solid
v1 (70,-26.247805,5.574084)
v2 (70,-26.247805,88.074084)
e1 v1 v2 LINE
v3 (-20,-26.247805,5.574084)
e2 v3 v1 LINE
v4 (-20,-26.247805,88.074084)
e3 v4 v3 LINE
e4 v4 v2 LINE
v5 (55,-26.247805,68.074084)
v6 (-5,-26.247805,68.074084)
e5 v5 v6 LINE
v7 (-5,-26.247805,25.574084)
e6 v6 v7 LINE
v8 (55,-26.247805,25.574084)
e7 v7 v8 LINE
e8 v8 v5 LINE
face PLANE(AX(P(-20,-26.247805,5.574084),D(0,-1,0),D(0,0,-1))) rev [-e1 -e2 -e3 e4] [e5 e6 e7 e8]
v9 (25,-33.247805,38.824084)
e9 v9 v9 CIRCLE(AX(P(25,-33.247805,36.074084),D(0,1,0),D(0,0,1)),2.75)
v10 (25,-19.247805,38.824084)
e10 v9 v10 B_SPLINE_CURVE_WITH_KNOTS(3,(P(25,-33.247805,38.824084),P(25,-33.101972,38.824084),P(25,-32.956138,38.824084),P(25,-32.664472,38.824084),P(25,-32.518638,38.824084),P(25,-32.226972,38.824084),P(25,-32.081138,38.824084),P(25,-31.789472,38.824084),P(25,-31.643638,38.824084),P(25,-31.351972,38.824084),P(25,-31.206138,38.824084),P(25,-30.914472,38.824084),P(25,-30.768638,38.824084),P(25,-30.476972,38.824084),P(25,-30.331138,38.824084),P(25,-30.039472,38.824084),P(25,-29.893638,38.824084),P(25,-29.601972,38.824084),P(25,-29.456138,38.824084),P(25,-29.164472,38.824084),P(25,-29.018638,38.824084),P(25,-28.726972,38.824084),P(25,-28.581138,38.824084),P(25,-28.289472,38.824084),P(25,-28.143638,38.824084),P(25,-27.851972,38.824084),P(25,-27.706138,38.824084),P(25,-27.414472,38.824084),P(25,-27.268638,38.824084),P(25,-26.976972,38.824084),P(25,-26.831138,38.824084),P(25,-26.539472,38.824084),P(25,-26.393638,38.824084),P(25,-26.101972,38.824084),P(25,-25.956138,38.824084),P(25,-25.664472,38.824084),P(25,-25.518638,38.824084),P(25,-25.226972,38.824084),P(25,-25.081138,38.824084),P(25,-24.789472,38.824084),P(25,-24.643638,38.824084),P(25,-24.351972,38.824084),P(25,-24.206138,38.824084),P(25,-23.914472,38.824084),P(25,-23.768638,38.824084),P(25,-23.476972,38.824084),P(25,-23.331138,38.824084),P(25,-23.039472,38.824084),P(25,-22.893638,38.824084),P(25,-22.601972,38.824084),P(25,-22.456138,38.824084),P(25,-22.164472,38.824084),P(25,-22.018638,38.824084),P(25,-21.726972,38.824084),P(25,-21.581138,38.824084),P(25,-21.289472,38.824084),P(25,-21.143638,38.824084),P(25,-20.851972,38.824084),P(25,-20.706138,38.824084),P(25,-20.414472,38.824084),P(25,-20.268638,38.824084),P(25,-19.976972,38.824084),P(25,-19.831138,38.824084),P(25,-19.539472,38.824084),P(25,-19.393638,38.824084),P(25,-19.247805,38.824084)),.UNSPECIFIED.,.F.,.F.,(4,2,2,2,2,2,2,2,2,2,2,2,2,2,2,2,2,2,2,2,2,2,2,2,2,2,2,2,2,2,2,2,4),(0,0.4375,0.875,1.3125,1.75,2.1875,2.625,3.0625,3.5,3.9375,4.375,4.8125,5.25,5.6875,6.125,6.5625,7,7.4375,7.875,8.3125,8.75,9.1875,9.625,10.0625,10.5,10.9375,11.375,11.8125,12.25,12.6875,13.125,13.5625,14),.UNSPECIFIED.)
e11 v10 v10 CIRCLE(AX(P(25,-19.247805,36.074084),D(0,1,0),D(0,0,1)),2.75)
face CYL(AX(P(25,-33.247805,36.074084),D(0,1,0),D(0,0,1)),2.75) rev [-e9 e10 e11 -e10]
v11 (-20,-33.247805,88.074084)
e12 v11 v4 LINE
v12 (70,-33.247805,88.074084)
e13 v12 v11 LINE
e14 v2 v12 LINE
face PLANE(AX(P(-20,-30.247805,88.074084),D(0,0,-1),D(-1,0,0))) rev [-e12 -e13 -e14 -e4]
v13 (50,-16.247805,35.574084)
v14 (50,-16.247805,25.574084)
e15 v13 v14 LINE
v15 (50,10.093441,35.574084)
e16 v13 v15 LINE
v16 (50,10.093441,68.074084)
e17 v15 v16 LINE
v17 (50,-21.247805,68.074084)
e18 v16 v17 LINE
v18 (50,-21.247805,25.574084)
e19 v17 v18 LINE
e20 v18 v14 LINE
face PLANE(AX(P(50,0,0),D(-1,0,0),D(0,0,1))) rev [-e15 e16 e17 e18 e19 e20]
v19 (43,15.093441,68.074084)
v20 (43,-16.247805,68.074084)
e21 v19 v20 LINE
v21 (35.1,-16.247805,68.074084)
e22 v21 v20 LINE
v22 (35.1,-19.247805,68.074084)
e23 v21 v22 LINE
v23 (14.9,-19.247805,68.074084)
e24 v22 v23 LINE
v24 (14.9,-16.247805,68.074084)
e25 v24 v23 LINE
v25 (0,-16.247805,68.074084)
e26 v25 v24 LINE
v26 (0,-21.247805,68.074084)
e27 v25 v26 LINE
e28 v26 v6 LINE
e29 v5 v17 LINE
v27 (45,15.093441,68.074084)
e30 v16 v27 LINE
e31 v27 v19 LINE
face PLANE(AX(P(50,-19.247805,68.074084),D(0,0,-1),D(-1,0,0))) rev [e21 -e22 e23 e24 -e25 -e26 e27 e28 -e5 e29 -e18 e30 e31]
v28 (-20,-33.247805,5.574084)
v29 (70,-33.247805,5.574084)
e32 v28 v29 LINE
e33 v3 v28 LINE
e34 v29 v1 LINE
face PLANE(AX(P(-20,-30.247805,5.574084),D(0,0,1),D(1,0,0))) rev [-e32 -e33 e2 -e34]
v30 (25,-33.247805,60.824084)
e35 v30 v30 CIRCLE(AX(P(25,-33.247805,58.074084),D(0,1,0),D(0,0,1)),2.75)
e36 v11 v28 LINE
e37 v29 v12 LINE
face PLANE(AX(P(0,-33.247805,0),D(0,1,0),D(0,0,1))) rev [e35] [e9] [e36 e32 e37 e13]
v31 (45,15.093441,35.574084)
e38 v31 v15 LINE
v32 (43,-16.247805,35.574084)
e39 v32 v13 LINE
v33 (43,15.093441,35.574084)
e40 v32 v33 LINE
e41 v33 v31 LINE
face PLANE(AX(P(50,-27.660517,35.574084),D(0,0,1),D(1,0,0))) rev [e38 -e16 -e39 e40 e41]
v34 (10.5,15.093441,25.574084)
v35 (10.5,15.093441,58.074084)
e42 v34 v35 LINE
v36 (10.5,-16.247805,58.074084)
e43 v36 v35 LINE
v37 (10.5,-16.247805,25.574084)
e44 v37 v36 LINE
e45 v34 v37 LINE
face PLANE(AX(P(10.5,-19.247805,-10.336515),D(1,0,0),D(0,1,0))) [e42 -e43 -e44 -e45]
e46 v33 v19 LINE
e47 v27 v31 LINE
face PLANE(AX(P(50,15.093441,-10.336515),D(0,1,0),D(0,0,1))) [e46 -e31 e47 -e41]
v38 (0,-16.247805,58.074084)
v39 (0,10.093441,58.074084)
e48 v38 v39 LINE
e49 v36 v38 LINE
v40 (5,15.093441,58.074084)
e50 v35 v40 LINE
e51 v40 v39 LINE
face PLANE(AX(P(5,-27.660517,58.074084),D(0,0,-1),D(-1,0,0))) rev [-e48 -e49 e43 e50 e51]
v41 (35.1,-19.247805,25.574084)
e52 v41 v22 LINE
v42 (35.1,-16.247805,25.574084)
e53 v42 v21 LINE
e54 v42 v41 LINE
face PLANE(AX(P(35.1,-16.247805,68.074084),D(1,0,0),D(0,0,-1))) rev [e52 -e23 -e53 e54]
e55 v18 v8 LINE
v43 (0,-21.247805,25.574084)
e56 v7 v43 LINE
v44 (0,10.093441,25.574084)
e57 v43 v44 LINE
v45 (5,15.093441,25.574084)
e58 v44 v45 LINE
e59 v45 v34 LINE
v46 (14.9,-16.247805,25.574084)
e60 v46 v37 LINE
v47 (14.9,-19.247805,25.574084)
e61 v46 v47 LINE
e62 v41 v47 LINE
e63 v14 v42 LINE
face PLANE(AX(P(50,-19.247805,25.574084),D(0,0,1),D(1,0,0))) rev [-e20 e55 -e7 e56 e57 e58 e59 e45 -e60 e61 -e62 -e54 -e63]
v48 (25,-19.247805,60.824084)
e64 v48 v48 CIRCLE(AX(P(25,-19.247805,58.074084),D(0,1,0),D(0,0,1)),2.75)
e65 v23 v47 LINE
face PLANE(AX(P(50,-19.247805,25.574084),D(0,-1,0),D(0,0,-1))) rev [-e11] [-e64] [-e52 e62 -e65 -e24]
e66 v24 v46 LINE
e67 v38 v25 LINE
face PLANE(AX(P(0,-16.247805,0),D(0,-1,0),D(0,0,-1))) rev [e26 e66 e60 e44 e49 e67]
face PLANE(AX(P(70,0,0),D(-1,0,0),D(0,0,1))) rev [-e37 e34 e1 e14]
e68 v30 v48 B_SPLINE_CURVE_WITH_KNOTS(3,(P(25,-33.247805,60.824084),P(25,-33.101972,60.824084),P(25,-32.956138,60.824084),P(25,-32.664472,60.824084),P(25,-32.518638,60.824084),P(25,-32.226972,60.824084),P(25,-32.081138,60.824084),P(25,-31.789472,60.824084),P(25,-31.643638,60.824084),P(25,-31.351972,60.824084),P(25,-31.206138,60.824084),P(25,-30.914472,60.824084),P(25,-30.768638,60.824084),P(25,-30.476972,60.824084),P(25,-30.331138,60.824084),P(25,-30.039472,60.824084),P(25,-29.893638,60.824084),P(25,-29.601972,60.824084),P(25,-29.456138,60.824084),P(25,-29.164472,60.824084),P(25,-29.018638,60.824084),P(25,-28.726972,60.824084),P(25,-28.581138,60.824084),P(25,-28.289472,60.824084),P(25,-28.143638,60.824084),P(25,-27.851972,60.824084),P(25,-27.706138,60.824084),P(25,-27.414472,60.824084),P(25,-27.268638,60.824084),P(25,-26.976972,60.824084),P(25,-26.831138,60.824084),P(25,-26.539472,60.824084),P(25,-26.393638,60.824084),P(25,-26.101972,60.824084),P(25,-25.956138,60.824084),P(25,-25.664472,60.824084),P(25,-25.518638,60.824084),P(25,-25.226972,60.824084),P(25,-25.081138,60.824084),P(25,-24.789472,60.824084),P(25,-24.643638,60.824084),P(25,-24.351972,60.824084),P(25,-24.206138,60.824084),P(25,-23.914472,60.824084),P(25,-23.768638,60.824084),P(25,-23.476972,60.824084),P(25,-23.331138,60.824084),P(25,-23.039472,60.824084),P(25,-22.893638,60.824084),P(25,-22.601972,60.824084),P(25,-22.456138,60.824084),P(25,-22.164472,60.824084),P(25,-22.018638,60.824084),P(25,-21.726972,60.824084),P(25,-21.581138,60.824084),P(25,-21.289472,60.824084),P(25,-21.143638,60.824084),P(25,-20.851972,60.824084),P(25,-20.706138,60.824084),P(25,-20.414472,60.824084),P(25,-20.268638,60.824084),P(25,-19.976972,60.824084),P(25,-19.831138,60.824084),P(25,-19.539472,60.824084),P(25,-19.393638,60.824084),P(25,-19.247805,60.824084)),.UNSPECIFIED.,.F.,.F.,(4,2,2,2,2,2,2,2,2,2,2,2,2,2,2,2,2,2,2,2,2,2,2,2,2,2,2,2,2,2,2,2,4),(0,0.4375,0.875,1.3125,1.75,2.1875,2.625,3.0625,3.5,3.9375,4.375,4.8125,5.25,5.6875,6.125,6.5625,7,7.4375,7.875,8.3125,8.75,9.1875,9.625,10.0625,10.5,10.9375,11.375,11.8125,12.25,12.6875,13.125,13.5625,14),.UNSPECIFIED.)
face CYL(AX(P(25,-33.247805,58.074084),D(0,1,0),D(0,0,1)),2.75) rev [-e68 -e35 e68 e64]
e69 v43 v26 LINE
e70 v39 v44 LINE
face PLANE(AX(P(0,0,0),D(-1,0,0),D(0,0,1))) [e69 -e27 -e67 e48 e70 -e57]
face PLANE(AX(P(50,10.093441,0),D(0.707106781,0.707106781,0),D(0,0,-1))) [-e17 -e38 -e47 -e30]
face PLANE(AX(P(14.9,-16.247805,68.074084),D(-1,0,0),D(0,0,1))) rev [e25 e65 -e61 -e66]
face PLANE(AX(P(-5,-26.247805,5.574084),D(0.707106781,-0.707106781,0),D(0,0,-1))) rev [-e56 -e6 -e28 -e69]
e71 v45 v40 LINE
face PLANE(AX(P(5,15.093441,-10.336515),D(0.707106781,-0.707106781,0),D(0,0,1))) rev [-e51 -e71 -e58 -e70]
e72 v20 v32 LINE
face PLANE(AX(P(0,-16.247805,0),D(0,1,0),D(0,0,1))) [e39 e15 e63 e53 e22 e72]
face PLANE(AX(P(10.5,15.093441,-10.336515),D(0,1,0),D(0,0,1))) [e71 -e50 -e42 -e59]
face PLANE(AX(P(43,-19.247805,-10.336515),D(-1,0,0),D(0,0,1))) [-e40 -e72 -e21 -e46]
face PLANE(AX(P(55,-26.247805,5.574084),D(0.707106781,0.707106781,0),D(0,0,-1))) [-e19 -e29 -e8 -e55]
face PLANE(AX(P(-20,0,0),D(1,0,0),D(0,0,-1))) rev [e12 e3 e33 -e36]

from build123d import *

# Parameters (mm, degrees)
SKETCH1_W           = 42.5
SKETCH1_H           = 11
BOSS_EXTRUDE1_DEPTH = 50
SKETCH2_W           = 82.5
SKETCH2_H           = 4
BOSS_EXTRUDE2_DEPTH = 20
SKETCH3_W           = 82.5
SKETCH3_H           = 4
BOSS_EXTRUDE3_DEPTH = 70
SKETCH4_W           = 10.5
SKETCH4_H           = 34.341245972
SKETCH4_W_2         = 7
BOSS_EXTRUDE4_DEPTH = 42.5
CHAMFER1_SIZE       = 5
SKETCH5_W           = 90
SKETCH5_H           = 82.5
BOSS_EXTRUDE5_DEPTH = 3
SKETCH6_R           = 2.75
CUT_EXTRUDE1_DEPTH  = 118.628081347
SKETCH7_W           = 7.9
SKETCH7_H           = 42.5
SKETCH7_W_2         = 4.4
BOSS_EXTRUDE6_DEPTH = 3
CHAMFER2_SIZE       = 5
CUT_EXTRUDE2_REACH  = 124.45
SKETCH8_W           = 5.5
SKETCH8_H           = 10
SKETCH8_W_2         = 5
SKETCH9_W           = 2
SKETCH9_H           = 10
SKETCH9_W_2         = 5
CUT_EXTRUDE3_DEPTH  = 31.341245972


with BuildPart() as part:
    # Sketch1 → Boss-Extrude1 (new body)
    with BuildSketch(Plane(origin=(0, 0, 0), x_dir=(0, 0, -1), z_dir=(1, 0, 0))):
        with Locations((-46.82408442, -24.747804901)):
            Rectangle(SKETCH1_W, SKETCH1_H)
    extrude(amount=BOSS_EXTRUDE1_DEPTH)

    # Sketch2 → Boss-Extrude2 (add)
    with BuildSketch(Plane.ZY):
        with Locations((46.82408442, -28.247804901)):
            Rectangle(SKETCH2_W, SKETCH2_H)
    extrude(amount=BOSS_EXTRUDE2_DEPTH)

    # Sketch3 → Boss-Extrude3 (add)
    with BuildSketch(Plane(origin=(0, 0, 0), x_dir=(0, 0, -1), z_dir=(1, 0, 0))):
        with Locations((-46.82408442, -28.247804901)):
            Rectangle(SKETCH3_W, SKETCH3_H)
    extrude(amount=BOSS_EXTRUDE3_DEPTH)

    # Sketch4 → Boss-Extrude4 (add)
    with BuildSketch(Plane.XY.offset(68.07408442)):
        with Locations((5.25, -2.077181915)):
            Rectangle(SKETCH4_W, SKETCH4_H)
        with Locations((46.5, -2.077181915)):
            Rectangle(SKETCH4_W_2, SKETCH4_H)
    extrude(amount=-BOSS_EXTRUDE4_DEPTH)

    # Chamfer1
    chamfer1_edges = [part.edges().sort_by_distance(p)[0] for p in [
        (0, -26.247804901, 46.82408442),
        (50, -26.247804901, 46.82408442),
    ]]
    chamfer(chamfer1_edges, length=CHAMFER1_SIZE)

    # Sketch5 → Boss-Extrude5 (add)
    with BuildSketch(Plane.XZ.offset(30.247804901)):
        with Locations((25, 46.82408442)):
            Rectangle(SKETCH5_W, SKETCH5_H)
    extrude(amount=BOSS_EXTRUDE5_DEPTH)

    # Sketch6 → Cut-Extrude1 (cut, through all)
    with BuildSketch(Plane(origin=(0, -19.247804901, 0), x_dir=(1, 0, 0), z_dir=(0, 1, 0))):
        with Locations(Location((25, -36.07408442, 0), (0, 0, 270))):
            Circle(SKETCH6_R)
        with Locations(Location((25, -58.07408442, 0), (0, 0, 270))):
            Circle(SKETCH6_R)
    extrude(amount=-CUT_EXTRUDE1_DEPTH, mode=Mode.SUBTRACT)

    # Sketch7 → Boss-Extrude6 (add)
    with BuildSketch(Plane(origin=(0, -19.247804901, 0), x_dir=(1, 0, 0), z_dir=(0, 1, 0))):
        with Locations((39.05, -46.82408442)):
            Rectangle(SKETCH7_W, SKETCH7_H)
        with Locations((12.7, -46.82408442)):
            Rectangle(SKETCH7_W_2, SKETCH7_H)
    extrude(amount=BOSS_EXTRUDE6_DEPTH)

    # Chamfer2
    chamfer2_edges = [part.edges().sort_by_distance(p)[0] for p in [
        (0, 15.093441071, 46.82408442),
        (50, 15.093441071, 46.82408442),
    ]]
    chamfer(chamfer2_edges, length=CHAMFER2_SIZE)

    # Cut-Extrude2: up to this face of the body (flat: up to its plane)
    cut_extrude2_end = Plane(part.part.faces().sort_by_distance((12.7, -16.247804901, 46.82408442))[0])
    # Sketch8 → Cut-Extrude2 (cut, up to the picked face)
    with BuildSketch(Plane(origin=(0, 15.093441071, 0), x_dir=(1, 0, 0), z_dir=(0, 1, 0)), mode=Mode.PRIVATE) as cut_extrude2_sk1:
        with Locations((7.75, -63.07408442)):
            Rectangle(SKETCH8_W, SKETCH8_H)
    cut_extrude2_tool1 = split(extrude(cut_extrude2_sk1.sketch, amount=-CUT_EXTRUDE2_REACH, mode=Mode.PRIVATE), bisect_by=cut_extrude2_end, keep=Keep.BOTH, mode=Mode.PRIVATE)
    # Sketch8 → Cut-Extrude2 (cut, up to the picked face)
    with BuildSketch(Plane(origin=(0, 15.093441071, 0), x_dir=(1, 0, 0), z_dir=(0, 1, 0)), mode=Mode.PRIVATE) as cut_extrude2_sk2:
        with Locations((47.5, -30.57408442)):
            Rectangle(SKETCH8_W_2, SKETCH8_H)
    cut_extrude2_tool2 = split(extrude(cut_extrude2_sk2.sketch, amount=-CUT_EXTRUDE2_REACH, mode=Mode.PRIVATE), bisect_by=cut_extrude2_end, keep=Keep.BOTH, mode=Mode.PRIVATE)
    add(cut_extrude2_tool1.solids().sort_by(Axis((7.75, 15.093441, 63.074084), (0, -1, 0)))[0], mode=Mode.SUBTRACT)
    add(cut_extrude2_tool2.solids().sort_by(Axis((47.5, 15.093441, 30.574084), (0, -1, 0)))[0], mode=Mode.SUBTRACT)

    # Sketch9 → Cut-Extrude3 (cut)
    with BuildSketch(Plane(origin=(0, 15.093441071, 0), x_dir=(1, 0, 0), z_dir=(0, 1, 0))):
        with Locations((44, -30.57408442)):
            Rectangle(SKETCH9_W, SKETCH9_H)
        with Locations((2.5, -63.07408442)):
            Rectangle(SKETCH9_W_2, SKETCH9_H)
    extrude(amount=-CUT_EXTRUDE3_DEPTH, mode=Mode.SUBTRACT)


solid = part.part
